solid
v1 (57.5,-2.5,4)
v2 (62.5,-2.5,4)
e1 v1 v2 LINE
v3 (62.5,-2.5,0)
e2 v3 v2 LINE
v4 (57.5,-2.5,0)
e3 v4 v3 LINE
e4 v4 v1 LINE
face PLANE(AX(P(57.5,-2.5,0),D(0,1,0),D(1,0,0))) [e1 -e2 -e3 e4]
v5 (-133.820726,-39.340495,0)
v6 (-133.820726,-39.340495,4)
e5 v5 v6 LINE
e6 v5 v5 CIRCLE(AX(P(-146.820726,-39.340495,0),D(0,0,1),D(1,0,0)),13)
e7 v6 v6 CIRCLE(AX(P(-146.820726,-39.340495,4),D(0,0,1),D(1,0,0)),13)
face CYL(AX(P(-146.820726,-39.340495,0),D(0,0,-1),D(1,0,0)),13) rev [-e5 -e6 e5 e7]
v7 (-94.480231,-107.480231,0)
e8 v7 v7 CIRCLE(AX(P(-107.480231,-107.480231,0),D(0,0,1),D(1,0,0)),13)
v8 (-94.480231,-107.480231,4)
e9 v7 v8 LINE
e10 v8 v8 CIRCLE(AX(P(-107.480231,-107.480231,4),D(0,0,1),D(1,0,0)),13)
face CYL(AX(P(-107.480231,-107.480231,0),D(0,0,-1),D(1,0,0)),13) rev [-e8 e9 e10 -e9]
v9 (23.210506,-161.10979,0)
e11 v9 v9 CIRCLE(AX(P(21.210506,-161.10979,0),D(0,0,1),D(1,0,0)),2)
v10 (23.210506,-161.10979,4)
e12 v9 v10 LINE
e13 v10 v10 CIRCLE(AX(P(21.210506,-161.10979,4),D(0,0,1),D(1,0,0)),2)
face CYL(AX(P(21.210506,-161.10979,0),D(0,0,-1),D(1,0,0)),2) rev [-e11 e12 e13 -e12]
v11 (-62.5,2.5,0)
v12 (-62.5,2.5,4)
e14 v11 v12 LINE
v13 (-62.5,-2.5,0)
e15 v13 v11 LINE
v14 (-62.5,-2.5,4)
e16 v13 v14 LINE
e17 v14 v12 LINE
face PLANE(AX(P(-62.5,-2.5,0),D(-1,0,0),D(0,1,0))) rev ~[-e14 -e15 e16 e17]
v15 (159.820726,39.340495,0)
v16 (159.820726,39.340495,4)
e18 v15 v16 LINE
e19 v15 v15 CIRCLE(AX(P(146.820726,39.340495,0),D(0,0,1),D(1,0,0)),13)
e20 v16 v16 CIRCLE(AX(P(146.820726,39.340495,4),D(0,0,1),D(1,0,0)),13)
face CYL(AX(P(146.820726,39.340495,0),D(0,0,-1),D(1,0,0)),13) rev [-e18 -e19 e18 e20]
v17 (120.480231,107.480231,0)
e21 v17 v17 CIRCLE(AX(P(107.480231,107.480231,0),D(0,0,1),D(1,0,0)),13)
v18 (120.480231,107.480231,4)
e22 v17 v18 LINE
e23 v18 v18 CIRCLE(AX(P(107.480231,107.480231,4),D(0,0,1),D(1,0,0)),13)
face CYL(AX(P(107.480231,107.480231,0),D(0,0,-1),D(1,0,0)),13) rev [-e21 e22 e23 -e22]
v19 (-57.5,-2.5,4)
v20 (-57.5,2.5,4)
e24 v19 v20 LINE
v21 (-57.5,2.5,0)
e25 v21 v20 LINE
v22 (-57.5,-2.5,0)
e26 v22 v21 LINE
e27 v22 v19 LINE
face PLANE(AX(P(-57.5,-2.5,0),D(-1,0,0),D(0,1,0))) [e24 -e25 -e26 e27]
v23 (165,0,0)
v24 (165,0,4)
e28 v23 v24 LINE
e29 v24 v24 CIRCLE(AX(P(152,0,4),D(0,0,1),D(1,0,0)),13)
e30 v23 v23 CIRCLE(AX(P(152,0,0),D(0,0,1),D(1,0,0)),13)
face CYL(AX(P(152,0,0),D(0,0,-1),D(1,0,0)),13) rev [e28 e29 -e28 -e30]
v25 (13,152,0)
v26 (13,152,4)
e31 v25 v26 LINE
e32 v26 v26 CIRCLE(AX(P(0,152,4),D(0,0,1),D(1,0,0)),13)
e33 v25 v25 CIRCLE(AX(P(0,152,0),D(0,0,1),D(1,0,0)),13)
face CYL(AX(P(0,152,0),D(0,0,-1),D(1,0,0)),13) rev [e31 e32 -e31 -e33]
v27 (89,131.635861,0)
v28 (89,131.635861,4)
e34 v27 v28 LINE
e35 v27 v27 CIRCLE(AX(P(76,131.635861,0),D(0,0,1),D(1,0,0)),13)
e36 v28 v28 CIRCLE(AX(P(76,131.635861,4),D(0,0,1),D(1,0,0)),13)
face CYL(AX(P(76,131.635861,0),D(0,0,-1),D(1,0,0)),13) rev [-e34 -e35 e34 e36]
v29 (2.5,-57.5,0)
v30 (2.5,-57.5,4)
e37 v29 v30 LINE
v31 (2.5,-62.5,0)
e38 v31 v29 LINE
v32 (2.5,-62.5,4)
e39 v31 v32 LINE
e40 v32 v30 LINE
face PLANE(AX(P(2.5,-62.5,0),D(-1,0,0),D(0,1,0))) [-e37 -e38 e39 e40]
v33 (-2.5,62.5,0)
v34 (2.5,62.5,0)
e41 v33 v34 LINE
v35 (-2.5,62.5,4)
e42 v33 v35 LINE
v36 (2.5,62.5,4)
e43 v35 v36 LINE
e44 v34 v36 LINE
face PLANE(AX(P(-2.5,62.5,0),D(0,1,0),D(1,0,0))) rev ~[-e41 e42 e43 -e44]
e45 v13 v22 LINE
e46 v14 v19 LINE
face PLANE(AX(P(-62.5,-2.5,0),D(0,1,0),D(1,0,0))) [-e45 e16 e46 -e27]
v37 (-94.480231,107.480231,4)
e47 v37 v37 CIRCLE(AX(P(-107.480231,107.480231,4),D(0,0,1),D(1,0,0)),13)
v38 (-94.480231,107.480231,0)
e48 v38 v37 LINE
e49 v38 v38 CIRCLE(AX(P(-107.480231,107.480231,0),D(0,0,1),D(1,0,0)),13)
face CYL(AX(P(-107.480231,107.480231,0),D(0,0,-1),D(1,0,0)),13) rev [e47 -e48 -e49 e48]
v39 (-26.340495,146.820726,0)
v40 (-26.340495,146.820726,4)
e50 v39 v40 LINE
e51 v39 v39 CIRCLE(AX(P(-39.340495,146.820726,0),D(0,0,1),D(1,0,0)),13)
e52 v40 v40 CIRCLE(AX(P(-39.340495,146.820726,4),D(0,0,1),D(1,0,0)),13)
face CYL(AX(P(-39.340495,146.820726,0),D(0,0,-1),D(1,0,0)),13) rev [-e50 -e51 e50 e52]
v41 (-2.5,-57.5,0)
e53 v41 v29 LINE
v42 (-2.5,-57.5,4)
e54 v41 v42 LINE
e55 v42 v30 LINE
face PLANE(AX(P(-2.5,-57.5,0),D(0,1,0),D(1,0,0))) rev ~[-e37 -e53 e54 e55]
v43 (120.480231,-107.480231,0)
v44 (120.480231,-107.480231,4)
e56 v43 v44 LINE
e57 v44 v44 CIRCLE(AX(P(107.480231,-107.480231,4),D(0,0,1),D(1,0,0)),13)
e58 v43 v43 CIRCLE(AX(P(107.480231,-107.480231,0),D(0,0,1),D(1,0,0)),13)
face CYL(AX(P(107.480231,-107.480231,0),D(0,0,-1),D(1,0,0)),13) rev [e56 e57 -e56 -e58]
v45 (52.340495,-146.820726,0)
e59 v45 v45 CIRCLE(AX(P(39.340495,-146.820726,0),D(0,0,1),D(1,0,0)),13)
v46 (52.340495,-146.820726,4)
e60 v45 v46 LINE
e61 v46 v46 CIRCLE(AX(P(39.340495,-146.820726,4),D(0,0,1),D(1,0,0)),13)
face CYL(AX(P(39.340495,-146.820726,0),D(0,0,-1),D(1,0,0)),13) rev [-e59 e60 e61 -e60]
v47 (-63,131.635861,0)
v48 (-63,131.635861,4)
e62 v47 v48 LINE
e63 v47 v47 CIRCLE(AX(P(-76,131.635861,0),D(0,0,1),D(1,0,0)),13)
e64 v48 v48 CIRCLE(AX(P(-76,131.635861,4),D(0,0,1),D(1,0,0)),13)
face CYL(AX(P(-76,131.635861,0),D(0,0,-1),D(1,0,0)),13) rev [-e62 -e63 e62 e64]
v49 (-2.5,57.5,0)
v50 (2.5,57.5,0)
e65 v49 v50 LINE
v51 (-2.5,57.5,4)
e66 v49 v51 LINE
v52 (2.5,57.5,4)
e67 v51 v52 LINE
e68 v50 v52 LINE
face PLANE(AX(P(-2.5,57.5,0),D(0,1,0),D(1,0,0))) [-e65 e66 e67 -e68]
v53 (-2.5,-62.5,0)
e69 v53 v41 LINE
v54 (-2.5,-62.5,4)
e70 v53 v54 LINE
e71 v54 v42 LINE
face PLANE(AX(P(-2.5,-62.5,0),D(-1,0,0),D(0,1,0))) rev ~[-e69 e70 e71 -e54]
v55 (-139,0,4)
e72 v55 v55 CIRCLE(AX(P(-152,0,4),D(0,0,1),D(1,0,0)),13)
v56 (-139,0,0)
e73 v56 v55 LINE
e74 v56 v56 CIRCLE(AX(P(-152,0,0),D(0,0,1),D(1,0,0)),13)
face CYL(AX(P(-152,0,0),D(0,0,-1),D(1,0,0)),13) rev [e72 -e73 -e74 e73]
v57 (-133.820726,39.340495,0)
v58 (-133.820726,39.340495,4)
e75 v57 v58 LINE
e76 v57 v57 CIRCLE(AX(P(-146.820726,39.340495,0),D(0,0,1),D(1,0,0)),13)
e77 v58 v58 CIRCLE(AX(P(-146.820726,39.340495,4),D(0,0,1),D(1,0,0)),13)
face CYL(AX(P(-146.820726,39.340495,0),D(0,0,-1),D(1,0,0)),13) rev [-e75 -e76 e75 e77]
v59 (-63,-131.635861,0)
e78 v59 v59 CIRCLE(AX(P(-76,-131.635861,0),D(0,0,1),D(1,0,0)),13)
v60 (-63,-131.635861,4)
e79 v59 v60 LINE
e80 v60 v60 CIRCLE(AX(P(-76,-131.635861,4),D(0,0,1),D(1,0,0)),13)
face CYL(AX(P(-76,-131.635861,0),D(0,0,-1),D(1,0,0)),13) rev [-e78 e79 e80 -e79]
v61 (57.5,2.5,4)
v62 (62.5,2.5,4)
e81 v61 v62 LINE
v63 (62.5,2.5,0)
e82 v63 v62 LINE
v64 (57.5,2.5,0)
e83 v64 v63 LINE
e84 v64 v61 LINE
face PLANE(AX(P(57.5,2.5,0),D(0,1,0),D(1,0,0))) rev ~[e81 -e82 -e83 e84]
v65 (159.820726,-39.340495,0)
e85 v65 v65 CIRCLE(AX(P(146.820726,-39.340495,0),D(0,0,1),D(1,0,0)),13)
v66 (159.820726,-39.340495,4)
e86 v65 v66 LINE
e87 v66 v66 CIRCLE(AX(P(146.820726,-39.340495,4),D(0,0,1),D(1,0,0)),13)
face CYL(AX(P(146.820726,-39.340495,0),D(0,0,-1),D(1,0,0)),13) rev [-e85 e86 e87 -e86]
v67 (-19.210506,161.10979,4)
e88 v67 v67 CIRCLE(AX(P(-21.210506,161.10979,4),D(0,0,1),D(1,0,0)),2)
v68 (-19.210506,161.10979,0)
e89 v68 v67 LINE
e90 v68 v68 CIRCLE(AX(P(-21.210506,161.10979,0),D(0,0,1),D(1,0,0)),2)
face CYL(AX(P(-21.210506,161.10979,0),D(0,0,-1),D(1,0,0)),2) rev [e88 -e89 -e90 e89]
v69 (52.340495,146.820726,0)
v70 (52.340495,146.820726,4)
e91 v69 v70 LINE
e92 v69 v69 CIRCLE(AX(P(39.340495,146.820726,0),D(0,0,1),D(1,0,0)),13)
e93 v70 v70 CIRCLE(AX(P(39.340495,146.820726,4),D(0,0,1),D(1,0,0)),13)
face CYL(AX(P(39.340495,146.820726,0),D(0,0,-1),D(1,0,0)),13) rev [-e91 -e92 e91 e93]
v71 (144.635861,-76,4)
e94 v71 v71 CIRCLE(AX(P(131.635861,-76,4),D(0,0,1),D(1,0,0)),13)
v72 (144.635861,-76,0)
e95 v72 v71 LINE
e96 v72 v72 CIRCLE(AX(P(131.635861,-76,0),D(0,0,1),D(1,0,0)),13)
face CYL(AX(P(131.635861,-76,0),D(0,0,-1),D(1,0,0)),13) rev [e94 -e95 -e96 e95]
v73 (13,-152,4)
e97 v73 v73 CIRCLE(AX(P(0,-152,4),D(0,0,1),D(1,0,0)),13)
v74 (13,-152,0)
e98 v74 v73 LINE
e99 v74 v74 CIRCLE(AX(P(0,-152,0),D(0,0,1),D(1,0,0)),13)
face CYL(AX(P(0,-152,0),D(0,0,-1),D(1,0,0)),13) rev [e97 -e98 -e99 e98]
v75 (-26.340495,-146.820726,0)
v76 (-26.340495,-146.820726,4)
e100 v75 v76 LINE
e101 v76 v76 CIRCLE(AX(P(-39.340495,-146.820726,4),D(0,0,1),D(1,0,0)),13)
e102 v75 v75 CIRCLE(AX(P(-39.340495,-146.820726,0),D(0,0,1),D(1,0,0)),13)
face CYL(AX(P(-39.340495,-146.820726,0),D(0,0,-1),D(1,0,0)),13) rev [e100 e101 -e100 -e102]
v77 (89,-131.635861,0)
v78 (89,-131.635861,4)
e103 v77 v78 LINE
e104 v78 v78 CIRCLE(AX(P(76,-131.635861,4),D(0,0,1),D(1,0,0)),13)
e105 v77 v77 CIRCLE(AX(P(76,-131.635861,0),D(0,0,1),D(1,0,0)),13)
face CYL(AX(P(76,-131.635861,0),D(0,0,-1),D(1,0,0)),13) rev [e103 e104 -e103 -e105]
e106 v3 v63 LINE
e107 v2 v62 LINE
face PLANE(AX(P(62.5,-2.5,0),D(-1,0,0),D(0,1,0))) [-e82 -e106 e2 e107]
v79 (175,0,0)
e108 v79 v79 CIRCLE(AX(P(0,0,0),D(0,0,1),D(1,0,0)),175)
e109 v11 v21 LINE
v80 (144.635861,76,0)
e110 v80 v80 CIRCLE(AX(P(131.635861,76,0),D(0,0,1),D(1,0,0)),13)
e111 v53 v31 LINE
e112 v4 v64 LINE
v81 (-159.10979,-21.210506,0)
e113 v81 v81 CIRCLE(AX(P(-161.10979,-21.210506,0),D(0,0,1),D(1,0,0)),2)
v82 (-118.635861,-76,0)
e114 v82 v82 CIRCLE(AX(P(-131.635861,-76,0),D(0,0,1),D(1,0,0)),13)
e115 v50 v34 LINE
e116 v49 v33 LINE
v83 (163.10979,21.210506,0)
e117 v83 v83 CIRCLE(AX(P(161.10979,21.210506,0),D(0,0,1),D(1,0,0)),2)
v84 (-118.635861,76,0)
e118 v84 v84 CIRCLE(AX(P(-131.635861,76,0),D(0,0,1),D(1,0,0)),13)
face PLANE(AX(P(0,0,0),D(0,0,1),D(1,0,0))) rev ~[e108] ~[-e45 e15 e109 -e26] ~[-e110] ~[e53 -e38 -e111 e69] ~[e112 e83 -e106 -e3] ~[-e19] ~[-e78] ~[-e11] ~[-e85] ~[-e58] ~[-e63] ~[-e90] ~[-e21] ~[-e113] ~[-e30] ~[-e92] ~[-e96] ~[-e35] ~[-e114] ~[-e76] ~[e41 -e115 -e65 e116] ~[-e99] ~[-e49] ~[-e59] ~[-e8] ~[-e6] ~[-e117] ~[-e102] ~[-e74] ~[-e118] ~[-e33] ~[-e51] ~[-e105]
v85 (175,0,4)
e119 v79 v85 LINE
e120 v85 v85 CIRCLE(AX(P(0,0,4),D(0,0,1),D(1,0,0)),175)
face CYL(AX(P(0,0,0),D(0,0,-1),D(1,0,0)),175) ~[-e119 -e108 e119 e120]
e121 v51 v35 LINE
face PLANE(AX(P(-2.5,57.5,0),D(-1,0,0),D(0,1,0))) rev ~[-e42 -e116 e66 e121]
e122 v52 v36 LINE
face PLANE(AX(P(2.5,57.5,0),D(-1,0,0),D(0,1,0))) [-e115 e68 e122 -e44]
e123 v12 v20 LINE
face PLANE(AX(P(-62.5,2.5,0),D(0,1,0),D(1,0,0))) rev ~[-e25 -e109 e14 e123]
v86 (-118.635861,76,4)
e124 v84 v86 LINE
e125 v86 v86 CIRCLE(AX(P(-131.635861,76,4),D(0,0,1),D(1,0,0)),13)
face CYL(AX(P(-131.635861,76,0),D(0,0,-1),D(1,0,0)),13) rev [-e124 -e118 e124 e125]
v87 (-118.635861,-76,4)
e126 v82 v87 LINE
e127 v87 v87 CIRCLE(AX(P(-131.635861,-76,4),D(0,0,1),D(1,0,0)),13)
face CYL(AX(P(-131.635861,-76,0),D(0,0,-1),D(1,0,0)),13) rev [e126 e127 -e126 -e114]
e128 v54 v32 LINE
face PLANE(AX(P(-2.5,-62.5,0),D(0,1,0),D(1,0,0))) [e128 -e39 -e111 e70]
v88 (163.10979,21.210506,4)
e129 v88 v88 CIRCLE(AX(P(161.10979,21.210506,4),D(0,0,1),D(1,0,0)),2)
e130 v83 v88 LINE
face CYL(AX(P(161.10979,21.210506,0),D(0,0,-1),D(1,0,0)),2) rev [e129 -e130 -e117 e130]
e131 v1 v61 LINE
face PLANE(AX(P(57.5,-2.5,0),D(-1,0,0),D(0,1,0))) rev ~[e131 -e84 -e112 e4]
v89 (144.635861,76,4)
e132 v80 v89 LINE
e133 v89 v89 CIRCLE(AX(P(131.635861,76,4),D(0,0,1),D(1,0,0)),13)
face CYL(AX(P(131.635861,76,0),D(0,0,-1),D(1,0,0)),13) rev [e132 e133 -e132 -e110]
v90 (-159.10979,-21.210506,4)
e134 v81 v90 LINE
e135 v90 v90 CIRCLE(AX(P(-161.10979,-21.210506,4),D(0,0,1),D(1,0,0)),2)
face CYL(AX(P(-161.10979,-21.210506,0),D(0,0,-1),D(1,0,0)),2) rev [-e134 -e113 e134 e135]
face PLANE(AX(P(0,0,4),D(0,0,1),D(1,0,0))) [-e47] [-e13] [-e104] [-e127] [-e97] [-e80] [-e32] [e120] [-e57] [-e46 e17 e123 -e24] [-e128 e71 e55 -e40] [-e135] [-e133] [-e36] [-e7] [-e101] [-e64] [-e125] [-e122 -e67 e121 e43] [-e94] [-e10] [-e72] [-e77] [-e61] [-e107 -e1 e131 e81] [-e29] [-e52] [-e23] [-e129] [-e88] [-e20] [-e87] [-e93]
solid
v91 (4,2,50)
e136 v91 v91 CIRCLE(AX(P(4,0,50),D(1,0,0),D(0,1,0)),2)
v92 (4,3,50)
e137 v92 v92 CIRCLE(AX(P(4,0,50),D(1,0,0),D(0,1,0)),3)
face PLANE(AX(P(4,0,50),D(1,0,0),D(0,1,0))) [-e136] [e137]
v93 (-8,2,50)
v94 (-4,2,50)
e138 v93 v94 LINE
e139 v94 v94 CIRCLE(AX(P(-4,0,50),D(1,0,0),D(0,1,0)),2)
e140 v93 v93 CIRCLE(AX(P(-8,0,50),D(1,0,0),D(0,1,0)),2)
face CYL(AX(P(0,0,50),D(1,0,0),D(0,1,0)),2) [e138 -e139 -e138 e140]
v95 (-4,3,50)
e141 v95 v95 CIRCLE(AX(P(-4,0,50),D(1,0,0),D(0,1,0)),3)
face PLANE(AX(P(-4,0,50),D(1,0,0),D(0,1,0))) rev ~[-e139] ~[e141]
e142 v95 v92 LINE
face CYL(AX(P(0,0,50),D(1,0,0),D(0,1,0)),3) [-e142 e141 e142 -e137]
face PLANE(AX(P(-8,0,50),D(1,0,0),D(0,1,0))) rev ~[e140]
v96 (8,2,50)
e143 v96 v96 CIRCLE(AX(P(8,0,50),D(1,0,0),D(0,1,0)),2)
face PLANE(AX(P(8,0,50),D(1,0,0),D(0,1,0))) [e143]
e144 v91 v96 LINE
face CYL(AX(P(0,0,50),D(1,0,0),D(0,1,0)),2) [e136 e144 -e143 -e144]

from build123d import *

# Parameters (mm, degrees)
F0_R     = 175
F0_R_2   = 13
F0_R_3   = 2
F0_W     = 5
F0_H     = 5
F1_DEPTH = 4
F2_R     = 3
F2_R_2   = 2
F3_DEPTH = 4
F4_DEPTH = 8


with BuildPart() as f1:
    # F0 (on Top) → F1 (new body)
    with BuildSketch(Plane.XY):
        Circle(F0_R)
        with Locations((-107.4802307404, -107.4802307404)):
            Circle(F0_R_2, mode=Mode.SUBTRACT)
        with Locations((-76, -131.6358613752)):
            Circle(F0_R_2, mode=Mode.SUBTRACT)
        with Locations((-39.3404948556, -146.8207255959)):
            Circle(F0_R_2, mode=Mode.SUBTRACT)
        with Locations((-131.6358613752, -76)):
            Circle(F0_R_2, mode=Mode.SUBTRACT)
        with Locations((-146.8207255959, -39.3404948556)):
            Circle(F0_R_2, mode=Mode.SUBTRACT)
        with Locations((-161.1097899732, -21.2105062358)):
            Circle(F0_R_3, mode=Mode.SUBTRACT)
        with Locations((21.2105062358, -161.1097899732)):
            Circle(F0_R_3, mode=Mode.SUBTRACT)
        with Locations((0, -152)):
            Circle(F0_R_2, mode=Mode.SUBTRACT)
        with Locations((39.3404948556, -146.8207255959)):
            Circle(F0_R_2, mode=Mode.SUBTRACT)
        with Locations((76, -131.6358613752)):
            Circle(F0_R_2, mode=Mode.SUBTRACT)
        with Locations((107.4802307404, -107.4802307404)):
            Circle(F0_R_2, mode=Mode.SUBTRACT)
        with Locations((0, -60)):
            Rectangle(F0_W, F0_H, mode=Mode.SUBTRACT)
        with Locations((131.6358613752, -76)):
            Circle(F0_R_2, mode=Mode.SUBTRACT)
        with Locations((146.8207255959, -39.3404948556)):
            Circle(F0_R_2, mode=Mode.SUBTRACT)
        with Locations((-152, 0)):
            Circle(F0_R_2, mode=Mode.SUBTRACT)
        with Locations((-146.8207255959, 39.3404948556)):
            Circle(F0_R_2, mode=Mode.SUBTRACT)
        with Locations((-131.6358613752, 76)):
            Circle(F0_R_2, mode=Mode.SUBTRACT)
        with Locations((-60, 0)):
            Rectangle(F0_W, F0_H, mode=Mode.SUBTRACT)
        with Locations((-107.4802307404, 107.4802307404)):
            Circle(F0_R_2, mode=Mode.SUBTRACT)
        with Locations((-76, 131.6358613752)):
            Circle(F0_R_2, mode=Mode.SUBTRACT)
        with Locations((-39.3404948556, 146.8207255959)):
            Circle(F0_R_2, mode=Mode.SUBTRACT)
        with Locations((-21.2105062358, 161.1097899732)):
            Circle(F0_R_3, mode=Mode.SUBTRACT)
        with Locations((60, 0)):
            Rectangle(F0_W, F0_H, mode=Mode.SUBTRACT)
        with Locations((0, 60)):
            Rectangle(F0_W, F0_H, mode=Mode.SUBTRACT)
        with Locations((152, 0)):
            Circle(F0_R_2, mode=Mode.SUBTRACT)
        with Locations((161.1097899732, 21.2105062358)):
            Circle(F0_R_3, mode=Mode.SUBTRACT)
        with Locations((146.8207255959, 39.3404948556)):
            Circle(F0_R_2, mode=Mode.SUBTRACT)
        with Locations((131.6358613752, 76)):
            Circle(F0_R_2, mode=Mode.SUBTRACT)
        with Locations((0, 152)):
            Circle(F0_R_2, mode=Mode.SUBTRACT)
        with Locations((39.3404948556, 146.8207255959)):
            Circle(F0_R_2, mode=Mode.SUBTRACT)
        with Locations((76, 131.6358613752)):
            Circle(F0_R_2, mode=Mode.SUBTRACT)
        with Locations((107.4802307404, 107.4802307404)):
            Circle(F0_R_2, mode=Mode.SUBTRACT)
    extrude(amount=F1_DEPTH)


with BuildPart() as f3:
    # F2 (on Right) → F3 (new body, symmetric)
    with BuildSketch(Plane.YZ):
        with Locations((0, 50)):
            Circle(F2_R)
        with Locations((0, 50)):
            Circle(F2_R_2, mode=Mode.SUBTRACT)
    extrude(amount=F3_DEPTH, both=True)

    # F2 (on Right) → F4 (join, symmetric)
    with BuildSketch(Plane.YZ):
        with Locations((0, 50)):
            Circle(F2_R_2)
    extrude(amount=F4_DEPTH, both=True)


solid = Compound([f1.part, f3.part])
